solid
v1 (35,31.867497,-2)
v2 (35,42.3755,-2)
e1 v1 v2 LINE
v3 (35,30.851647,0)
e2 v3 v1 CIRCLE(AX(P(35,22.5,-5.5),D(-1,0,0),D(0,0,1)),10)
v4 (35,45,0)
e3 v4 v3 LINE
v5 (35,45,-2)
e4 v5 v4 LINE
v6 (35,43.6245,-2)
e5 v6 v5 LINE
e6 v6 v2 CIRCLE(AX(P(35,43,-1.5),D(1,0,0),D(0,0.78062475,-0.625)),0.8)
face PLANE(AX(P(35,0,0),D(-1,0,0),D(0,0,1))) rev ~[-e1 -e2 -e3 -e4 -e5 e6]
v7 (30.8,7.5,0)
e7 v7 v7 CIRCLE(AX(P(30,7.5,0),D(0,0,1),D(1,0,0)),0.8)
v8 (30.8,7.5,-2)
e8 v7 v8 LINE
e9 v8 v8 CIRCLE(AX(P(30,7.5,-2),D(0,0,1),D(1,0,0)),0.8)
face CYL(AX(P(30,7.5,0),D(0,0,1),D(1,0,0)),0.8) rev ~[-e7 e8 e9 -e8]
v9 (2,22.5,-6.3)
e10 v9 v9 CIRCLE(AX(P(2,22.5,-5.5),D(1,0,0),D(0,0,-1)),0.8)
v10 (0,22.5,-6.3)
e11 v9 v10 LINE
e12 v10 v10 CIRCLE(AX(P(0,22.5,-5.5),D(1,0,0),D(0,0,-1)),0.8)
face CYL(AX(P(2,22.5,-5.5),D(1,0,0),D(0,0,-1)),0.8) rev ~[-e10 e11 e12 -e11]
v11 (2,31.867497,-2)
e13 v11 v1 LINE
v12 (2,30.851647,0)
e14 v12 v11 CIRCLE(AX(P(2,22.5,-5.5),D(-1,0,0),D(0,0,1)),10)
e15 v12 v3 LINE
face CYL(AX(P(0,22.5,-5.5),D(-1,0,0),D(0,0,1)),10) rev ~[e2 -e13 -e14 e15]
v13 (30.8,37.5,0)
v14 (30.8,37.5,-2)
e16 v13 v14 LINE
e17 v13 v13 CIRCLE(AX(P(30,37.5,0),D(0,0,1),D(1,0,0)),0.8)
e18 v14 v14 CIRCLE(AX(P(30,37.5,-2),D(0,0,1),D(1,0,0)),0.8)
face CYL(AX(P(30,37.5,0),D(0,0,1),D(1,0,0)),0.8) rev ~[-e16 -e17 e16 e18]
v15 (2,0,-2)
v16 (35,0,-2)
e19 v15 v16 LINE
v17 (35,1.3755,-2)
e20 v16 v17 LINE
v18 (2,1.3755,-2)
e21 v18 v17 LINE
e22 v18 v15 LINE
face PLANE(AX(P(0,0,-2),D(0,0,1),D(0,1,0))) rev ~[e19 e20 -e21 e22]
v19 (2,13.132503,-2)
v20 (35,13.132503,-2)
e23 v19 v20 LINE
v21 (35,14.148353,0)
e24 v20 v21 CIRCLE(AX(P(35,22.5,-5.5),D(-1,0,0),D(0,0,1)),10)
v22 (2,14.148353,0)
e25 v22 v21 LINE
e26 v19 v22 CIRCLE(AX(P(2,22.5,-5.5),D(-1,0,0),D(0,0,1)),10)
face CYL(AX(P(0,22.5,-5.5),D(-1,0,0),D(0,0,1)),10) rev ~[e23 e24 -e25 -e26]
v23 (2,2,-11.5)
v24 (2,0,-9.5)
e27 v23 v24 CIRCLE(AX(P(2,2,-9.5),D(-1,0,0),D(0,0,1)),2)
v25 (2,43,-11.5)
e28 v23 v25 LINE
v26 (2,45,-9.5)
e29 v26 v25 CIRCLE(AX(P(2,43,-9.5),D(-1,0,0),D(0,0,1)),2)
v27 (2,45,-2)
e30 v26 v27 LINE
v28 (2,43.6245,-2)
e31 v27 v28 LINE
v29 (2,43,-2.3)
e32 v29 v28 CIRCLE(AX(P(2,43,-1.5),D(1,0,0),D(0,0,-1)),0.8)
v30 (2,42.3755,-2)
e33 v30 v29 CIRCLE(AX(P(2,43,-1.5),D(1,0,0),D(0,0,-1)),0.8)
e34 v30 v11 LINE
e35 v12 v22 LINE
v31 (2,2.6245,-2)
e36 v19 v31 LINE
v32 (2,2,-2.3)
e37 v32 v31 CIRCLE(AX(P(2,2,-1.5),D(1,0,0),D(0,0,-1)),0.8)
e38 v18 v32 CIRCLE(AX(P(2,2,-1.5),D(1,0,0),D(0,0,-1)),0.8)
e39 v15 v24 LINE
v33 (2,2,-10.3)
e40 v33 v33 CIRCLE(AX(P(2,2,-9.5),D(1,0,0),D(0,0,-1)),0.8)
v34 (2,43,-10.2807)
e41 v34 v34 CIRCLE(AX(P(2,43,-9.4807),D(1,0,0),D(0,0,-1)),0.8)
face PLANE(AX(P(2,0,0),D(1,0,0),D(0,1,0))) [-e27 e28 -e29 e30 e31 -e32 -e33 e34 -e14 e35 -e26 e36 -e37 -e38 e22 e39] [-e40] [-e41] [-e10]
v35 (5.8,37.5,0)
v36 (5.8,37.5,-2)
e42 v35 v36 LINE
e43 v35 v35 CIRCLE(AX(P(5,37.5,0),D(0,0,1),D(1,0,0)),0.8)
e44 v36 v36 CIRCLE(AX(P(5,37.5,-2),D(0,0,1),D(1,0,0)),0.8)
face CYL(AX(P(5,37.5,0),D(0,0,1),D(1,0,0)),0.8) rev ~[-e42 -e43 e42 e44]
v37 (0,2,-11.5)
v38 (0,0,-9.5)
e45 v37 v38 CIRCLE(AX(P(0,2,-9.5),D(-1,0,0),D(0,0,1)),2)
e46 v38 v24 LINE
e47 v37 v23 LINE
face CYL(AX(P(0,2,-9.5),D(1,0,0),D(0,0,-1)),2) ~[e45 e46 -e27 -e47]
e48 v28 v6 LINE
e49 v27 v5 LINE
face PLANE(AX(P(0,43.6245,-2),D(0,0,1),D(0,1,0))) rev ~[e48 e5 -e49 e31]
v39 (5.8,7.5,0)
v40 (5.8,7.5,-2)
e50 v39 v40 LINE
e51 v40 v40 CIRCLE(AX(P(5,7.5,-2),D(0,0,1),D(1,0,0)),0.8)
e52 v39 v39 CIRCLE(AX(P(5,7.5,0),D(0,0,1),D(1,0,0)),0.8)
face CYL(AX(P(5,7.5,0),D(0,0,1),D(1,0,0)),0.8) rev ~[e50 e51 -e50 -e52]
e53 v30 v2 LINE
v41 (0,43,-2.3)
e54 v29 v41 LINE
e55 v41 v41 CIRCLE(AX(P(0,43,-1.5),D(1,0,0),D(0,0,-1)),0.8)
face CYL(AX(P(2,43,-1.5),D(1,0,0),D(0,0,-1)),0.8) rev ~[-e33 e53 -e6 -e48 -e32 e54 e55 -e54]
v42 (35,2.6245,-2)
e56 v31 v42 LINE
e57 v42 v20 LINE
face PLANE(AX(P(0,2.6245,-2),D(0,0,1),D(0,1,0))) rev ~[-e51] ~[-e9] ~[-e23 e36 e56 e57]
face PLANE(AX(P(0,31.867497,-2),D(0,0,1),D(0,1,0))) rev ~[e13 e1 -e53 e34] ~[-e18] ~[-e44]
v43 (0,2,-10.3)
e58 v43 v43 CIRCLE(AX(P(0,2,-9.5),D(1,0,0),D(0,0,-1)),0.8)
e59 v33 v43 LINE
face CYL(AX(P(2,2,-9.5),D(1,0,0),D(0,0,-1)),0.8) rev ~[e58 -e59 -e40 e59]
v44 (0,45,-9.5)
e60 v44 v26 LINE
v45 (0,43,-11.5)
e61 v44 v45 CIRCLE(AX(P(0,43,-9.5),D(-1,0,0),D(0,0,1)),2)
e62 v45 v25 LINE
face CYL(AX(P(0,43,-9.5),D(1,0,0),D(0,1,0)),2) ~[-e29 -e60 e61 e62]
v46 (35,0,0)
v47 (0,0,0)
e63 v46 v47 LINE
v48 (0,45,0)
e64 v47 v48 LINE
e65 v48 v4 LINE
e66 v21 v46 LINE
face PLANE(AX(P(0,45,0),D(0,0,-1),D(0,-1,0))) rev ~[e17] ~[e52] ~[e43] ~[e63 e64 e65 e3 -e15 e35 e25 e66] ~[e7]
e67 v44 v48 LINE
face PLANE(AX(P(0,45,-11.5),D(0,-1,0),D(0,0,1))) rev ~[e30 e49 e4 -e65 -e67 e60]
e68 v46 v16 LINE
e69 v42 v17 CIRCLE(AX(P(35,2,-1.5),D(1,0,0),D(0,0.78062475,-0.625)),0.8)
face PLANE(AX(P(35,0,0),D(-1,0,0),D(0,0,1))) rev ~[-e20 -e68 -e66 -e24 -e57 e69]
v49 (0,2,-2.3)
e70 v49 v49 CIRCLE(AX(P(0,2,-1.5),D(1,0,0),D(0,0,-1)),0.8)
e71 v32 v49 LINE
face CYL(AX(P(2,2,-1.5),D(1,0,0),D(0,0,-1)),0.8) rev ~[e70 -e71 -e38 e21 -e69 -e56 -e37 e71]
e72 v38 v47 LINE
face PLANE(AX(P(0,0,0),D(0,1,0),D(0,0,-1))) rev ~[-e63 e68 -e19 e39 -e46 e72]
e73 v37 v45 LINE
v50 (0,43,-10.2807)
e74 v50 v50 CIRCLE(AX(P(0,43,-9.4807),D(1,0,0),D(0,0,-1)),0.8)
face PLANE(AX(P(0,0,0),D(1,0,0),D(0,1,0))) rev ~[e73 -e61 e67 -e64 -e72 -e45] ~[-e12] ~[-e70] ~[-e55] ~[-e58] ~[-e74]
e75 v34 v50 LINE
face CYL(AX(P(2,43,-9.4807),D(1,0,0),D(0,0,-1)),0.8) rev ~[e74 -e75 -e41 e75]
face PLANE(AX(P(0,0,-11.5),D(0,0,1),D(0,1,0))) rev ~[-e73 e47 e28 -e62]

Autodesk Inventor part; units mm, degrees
ref_plane "YZ Plane" through (0, 0, 0) normal (1, 0, 0) x (0, 1, 0)
ref_plane "XZ Plane" through (0, 0, 0) normal (0, 1, 0) x (-1, 0, 0)
ref_plane "XY Plane" through (0, 0, 0) normal (0, 0, 1) x (1, 0, 0)
sketch "スケッチ1" plane through (0, 0, 0) normal (1, 0, 0) x (0, 1, 0)
  line L0 (45, 0) -> (0, 0)
  line L1 (0, 0) -> (0, -11.5)
  line L2 (0, -11.5) -> (45, -11.5)
  line L3 (45, -11.5) -> (45, 0)
  dimension "d0" = 45
  dimension "d1" = 11.5
extrude "押し出し1" add sketch "スケッチ1" along normal blind 2
sketch "スケッチ2" plane through (2, 0, 0) normal (1, 0, 0) x (0, 0, -1)
  circle A0 centre (1.5, 43) radius 0.8 projected
  circle A1 centre (9.4807, 43) radius 0.8 projected
  circle A2 centre (9.5, 2) radius 0.8 projected
  circle A3 centre (1.5, 2) radius 0.8 projected
  circle A4 centre (5.5, 22.5) radius 0.8 projected
  point P0 (0, 0)
extrude "押し出し2" cut sketch "スケッチ2" against normal through all
fillet "フィレット1" radius 2 2 edges at (1, 45, -11.5) (1, 0, -11.5)
sketch "スケッチ3" plane through (0, 0, 0) normal (-1, 0, 0) x (0, 0, 1)
  circle A0 centre (-5.5, 22.5) radius 0.8 projected
  circle A1 centre (-5.5, 22.5) radius 10
  line L0 (-2, 45) -> (0, 45)
  line L1 (0, 45) -> (0, 0)
  line L2 (0, 0) -> (-2, 0)
  line L3 (-2, 0) -> (-2, 45)
  line L4 (-9.5, 45) -> (0, 45) projected
  line L5 (0, 0) -> (-9.5, 0) projected
  circle A2 centre (-5.5, 22.5) radius 0.8 projected
  arc A3 (-11.5, 2) -> (-9.5, 0) centre (-9.5, 2) ccw projected
  line L6 (0, 0) -> (-9.5, 0) projected
  line L7 (0, 45) -> (0, 0) projected
  line L8 (-9.5, 45) -> (0, 45) projected
  arc A4 (-9.5, 45) -> (-11.5, 43) centre (-9.5, 43) ccw projected
  line L9 (-11.5, 2) -> (-11.5, 43) projected
  circle A5 centre (-1.5, 43) radius 0.8 projected
  circle A6 centre (-1.5, 2) radius 0.8 projected
  point P0 (-2, 31.8675)
  point P1 (-2, 13.1325)
  point P2 (0, 14.1484)
  point P3 (0, 30.8516)
  point P4 (-11.5, 14.5)
  point P5 (-11.5, 30.5)
  point P6 (-2, 45)
  point P7 (-2, 43.6245)
  point P8 (-2, 42.3755)
  point P9 (-2, 2.6245)
  point P10 (-2, 1.3755)
  dimension "d7" = 20
  dimension "d34" = 2
extrude "押し出し3" add sketch "スケッチ3" against normal blind 35 contours A1 L3 A5 L0 L1 | L1 L2 L3 A6 A1
sketch "スケッチ6" plane through (0, 0, 0) normal (0, 0, 1) x (1, 0, 0)
  line L0 (5, 37.5) -> (30, 37.5) construction
  line L1 (30, 37.5) -> (30, 7.5) construction
  line L2 (30, 7.5) -> (5, 7.5) construction
  line L3 (5, 7.5) -> (5, 37.5) construction
  line L4 (0, 45) -> (35, 45) projected
  line L5 (0, 0) -> (35, 0) projected
  line L6 (35, 45) -> (35, 30.8516) projected
  line L7 (0, 45) -> (0, 0) projected
  circle A0 centre (5, 37.5) radius 0.8
  circle A1 centre (30, 37.5) radius 0.8
  circle A2 centre (5, 7.5) radius 0.8
  circle A3 centre (30, 7.5) radius 0.8
  dimension "d35" = 25
  dimension "d36" = 30
  dimension "d37" = 7.5
  dimension "d38" = 7.5
  dimension "d39" = 5
  dimension "d40" = 5
  dimension "d41" = 1.6
  dimension "d42" = 1.6
  dimension "d43" = 1.6
  dimension "d44" = 1.6
extrude "押し出し6" cut sketch "スケッチ6" against normal through all
equation "\"d37\" = d38"
equation "\"d39\" = d40"
properties part number "bluetooth_setter"
